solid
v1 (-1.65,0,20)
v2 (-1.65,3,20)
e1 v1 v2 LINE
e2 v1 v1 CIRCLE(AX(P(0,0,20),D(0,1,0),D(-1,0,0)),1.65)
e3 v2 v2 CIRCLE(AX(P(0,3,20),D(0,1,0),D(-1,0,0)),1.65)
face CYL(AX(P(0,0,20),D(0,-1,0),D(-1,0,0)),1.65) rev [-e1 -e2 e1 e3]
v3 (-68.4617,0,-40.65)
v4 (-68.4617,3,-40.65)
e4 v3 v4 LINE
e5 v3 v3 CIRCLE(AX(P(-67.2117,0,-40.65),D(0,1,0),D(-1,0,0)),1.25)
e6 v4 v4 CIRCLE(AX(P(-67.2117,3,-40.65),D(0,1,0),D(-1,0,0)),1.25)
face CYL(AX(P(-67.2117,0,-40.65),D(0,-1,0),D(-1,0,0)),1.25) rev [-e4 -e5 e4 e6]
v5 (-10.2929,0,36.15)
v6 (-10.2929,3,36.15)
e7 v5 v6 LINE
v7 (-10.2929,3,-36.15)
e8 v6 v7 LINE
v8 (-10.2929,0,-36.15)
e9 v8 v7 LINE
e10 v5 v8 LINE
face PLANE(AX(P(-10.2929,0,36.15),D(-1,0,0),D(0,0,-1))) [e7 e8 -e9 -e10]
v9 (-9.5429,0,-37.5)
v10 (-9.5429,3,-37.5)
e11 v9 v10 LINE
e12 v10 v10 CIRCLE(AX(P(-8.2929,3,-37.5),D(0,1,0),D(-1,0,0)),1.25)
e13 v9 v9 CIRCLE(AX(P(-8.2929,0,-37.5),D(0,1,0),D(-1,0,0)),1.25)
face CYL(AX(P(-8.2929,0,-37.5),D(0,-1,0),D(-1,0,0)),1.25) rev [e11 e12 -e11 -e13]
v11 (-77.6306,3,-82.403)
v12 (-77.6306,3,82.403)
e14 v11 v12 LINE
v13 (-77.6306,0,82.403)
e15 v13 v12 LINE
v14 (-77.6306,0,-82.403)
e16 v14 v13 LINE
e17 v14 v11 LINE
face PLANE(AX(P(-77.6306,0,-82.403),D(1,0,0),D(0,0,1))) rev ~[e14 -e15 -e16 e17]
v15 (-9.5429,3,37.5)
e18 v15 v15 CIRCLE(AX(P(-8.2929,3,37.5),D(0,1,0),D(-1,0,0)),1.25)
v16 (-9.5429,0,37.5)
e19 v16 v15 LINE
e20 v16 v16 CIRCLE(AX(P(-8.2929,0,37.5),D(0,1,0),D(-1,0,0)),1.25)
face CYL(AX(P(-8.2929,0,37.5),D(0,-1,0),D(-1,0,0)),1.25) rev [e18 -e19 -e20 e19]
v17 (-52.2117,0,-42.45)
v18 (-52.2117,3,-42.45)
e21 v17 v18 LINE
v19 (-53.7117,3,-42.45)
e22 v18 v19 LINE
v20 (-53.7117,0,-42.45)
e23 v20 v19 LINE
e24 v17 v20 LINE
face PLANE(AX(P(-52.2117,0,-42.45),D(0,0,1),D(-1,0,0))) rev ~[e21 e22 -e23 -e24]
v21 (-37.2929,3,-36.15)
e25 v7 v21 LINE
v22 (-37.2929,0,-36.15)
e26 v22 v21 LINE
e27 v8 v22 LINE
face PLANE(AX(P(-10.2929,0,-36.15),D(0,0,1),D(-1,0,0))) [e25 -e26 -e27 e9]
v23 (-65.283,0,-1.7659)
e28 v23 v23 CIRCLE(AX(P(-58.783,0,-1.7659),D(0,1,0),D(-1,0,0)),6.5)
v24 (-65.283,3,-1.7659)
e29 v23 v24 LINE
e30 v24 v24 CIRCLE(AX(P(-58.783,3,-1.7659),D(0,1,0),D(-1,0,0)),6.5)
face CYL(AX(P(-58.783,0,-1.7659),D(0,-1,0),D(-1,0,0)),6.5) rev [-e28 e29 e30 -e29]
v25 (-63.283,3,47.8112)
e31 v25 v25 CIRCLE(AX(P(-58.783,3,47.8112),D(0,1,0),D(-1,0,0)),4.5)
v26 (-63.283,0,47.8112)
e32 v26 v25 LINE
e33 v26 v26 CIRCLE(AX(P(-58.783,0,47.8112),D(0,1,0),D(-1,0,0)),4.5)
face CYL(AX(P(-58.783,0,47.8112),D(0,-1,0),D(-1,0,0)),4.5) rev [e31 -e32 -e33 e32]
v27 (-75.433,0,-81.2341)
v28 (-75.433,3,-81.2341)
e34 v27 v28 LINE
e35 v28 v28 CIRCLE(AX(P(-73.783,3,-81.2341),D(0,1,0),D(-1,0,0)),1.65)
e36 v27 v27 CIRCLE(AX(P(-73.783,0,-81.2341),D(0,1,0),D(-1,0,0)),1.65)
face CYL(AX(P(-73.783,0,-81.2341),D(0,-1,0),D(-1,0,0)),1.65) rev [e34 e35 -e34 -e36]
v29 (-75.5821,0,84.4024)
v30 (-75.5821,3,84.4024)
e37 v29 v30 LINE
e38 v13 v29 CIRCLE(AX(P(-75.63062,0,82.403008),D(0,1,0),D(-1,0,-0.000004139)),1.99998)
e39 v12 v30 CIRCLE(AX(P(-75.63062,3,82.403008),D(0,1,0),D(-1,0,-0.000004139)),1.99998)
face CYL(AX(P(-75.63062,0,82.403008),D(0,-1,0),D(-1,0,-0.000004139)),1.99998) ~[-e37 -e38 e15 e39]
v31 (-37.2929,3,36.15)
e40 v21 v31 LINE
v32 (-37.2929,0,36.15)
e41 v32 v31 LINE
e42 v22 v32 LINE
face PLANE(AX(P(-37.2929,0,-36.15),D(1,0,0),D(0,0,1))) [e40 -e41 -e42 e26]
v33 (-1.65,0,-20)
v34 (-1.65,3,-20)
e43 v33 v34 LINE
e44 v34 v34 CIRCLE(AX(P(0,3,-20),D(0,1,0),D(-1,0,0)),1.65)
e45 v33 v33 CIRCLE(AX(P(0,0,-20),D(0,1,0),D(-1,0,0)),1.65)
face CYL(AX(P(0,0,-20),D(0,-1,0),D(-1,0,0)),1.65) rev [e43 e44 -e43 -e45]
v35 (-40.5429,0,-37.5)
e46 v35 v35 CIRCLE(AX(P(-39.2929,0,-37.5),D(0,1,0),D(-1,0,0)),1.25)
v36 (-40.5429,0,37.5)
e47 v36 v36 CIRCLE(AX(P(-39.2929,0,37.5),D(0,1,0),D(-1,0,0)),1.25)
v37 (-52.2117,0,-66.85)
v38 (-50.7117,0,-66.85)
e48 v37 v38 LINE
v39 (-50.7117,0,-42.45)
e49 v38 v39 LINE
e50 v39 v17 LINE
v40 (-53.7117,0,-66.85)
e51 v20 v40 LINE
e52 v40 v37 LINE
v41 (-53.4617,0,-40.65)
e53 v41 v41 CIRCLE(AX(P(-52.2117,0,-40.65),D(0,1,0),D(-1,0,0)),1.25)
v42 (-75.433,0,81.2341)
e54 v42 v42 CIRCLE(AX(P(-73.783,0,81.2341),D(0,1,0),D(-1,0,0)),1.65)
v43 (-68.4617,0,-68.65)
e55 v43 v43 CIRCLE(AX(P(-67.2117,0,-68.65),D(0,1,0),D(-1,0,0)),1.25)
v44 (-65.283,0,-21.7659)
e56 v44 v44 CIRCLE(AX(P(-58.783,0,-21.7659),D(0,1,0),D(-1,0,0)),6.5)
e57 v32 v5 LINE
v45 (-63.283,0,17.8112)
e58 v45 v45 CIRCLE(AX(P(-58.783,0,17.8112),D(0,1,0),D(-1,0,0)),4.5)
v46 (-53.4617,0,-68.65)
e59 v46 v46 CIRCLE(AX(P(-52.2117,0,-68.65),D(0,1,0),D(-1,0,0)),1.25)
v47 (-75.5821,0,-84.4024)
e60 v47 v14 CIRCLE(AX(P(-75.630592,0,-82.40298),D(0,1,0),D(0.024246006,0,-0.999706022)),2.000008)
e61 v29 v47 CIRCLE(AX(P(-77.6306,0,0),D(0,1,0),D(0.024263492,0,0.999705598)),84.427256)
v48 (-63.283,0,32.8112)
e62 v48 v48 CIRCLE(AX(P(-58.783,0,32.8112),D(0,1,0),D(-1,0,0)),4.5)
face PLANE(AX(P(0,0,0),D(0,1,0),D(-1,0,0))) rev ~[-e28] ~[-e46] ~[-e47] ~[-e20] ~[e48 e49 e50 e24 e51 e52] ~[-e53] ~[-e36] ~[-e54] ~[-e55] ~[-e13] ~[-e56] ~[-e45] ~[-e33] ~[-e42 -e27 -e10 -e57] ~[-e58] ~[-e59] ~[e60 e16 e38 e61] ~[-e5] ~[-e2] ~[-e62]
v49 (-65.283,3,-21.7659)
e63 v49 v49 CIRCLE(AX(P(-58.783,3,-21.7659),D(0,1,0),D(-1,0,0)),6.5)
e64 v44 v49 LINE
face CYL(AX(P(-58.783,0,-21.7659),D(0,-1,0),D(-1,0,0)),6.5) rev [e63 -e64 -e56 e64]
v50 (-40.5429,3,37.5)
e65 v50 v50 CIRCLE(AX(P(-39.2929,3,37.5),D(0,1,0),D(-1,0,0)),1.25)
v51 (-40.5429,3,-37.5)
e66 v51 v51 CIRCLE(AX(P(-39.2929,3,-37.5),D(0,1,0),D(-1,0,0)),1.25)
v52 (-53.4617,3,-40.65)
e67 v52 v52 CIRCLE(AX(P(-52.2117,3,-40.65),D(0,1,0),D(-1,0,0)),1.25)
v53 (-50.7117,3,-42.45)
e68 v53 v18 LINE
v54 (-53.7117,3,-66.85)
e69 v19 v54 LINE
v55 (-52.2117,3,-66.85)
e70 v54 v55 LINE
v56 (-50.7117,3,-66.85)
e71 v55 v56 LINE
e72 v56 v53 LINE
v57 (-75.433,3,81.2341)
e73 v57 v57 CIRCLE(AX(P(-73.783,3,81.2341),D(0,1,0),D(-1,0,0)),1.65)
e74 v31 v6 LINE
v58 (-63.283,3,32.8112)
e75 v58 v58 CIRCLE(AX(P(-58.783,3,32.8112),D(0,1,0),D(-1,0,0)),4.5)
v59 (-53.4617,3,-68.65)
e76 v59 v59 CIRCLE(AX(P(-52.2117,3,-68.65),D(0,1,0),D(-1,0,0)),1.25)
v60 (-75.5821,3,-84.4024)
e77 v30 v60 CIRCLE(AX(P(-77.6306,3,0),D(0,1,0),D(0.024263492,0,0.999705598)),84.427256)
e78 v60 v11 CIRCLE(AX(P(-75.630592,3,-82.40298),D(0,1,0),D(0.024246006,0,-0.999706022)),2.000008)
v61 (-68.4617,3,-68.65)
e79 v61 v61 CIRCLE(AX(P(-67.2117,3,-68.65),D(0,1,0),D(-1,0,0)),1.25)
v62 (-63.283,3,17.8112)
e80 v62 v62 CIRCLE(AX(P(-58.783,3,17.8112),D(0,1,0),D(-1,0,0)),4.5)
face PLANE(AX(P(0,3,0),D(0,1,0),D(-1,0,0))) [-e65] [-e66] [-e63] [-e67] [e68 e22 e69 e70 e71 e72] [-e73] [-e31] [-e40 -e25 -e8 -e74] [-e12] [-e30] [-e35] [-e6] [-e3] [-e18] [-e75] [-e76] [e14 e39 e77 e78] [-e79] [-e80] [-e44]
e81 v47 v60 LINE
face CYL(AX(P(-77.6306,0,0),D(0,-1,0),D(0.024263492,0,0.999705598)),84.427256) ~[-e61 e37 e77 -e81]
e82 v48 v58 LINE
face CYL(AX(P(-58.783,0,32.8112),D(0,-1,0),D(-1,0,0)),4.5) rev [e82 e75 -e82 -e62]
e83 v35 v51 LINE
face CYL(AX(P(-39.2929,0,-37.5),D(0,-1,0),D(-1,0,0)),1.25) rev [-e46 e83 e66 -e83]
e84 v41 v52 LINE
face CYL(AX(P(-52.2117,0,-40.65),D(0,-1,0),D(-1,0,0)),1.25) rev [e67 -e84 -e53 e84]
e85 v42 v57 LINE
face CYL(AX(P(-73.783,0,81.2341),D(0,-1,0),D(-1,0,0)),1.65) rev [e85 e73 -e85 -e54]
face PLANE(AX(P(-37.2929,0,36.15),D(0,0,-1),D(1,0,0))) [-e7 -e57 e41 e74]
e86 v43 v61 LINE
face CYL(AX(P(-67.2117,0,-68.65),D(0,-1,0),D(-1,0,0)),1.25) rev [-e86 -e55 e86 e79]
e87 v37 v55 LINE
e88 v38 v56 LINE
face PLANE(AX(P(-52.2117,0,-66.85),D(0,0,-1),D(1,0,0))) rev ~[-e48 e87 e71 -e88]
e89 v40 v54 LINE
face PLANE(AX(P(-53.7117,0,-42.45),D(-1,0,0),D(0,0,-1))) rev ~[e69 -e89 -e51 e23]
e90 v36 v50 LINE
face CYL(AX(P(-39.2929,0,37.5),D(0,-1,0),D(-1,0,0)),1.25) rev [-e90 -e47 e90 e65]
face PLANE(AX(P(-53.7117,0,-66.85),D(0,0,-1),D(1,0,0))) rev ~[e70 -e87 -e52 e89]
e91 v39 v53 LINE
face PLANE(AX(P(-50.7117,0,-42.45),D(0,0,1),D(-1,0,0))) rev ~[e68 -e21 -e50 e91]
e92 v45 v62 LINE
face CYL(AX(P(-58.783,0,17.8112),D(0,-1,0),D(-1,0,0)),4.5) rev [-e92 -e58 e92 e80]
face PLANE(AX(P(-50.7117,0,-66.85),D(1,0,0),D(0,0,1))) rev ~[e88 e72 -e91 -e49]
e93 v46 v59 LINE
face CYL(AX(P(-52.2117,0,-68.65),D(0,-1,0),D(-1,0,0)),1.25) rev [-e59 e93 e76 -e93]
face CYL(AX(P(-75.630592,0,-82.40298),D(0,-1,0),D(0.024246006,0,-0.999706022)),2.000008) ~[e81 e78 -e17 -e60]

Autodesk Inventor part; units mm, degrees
ref_plane "YZ Plane" through (0, 0, 0) normal (1, 0, 0) x (0, 1, 0)
ref_plane "XZ Plane" through (0, 0, 0) normal (0, 1, 0) x (-1, 0, 0)
ref_plane "XY Plane" through (0, 0, 0) normal (0, 0, 1) x (1, 0, 0)
sketch "Sketch1" plane through (0, 0, 0) normal (0, 1, 0) x (-1, 0, 0)
  circle A0 centre (0, 20) radius 1.65
  circle A1 centre (0, -20) radius 1.65
  line L0 (77.6306, -82.403) -> (77.6306, 82.403)
  arc A2 (75.5821, 84.4024) -> (75.5821, -84.4024) centre (77.6306, 0) ccw
  arc A3 (75.5821, -84.4024) -> (77.6306, -82.403) centre (75.6306, -82.403) ccw
  arc A4 (77.6306, 82.403) -> (75.5821, 84.4024) centre (75.6306, 82.403) ccw
  circle A5 centre (73.783, 81.2341) radius 1.65
  circle A6 centre (73.783, -81.2341) radius 1.65
  arc A7 (75.5821, -84.4024) -> (77.6306, -82.403) centre (75.6306, -82.403) ccw
  arc A8 (75.5821, 84.4024) -> (75.5821, -84.4024) centre (77.6306, 0) ccw
  arc A9 (77.6306, 82.403) -> (75.5821, 84.4024) centre (75.6306, 82.403) ccw
  line L1 (77.6306, 82.403) -> (77.6306, -82.403)
  circle A10 centre (73.783, -81.2341) radius 1.65
  circle A11 centre (73.783, 81.2341) radius 1.65
  circle A12 centre (0, -20) radius 1.65
  circle A13 centre (0, 20) radius 1.65
  arc A14 (75.5821, -84.4024) -> (77.6306, -82.403) centre (75.6306, -82.403) ccw
  arc A15 (75.5821, 84.4024) -> (75.5821, -84.4024) centre (77.6306, 0) ccw
  arc A16 (77.6306, 82.403) -> (75.5821, 84.4024) centre (75.6306, 82.403) ccw
  line L2 (77.6306, 82.403) -> (77.6306, -82.403)
  circle A17 centre (73.783, -81.2341) radius 1.65
  circle A18 centre (73.783, 81.2341) radius 1.65
  circle A19 centre (0, -20) radius 1.65
  circle A20 centre (0, 20) radius 1.65
  arc A21 (75.5821, -84.4024) -> (77.6306, -82.403) centre (75.6306, -82.403) ccw
  arc A22 (75.5821, 84.4024) -> (75.5821, -84.4024) centre (77.6306, 0) ccw
  arc A23 (77.6306, 82.403) -> (75.5821, 84.4024) centre (75.6306, 82.403) ccw
  line L3 (77.6306, 82.403) -> (77.6306, -82.403)
  circle A24 centre (73.783, -81.2341) radius 1.65
  circle A25 centre (73.783, 81.2341) radius 1.65
  circle A26 centre (0, -20) radius 1.65
  circle A27 centre (0, 20) radius 1.65
  line L4 (52.2117, -66.85) -> (50.7117, -66.85)
  line L5 (50.7117, -66.85) -> (50.7117, -42.45)
  line L6 (50.7117, -42.45) -> (52.2117, -42.45)
  line L7 (52.2117, -42.45) -> (53.7117, -42.45)
  line L8 (53.7117, -42.45) -> (53.7117, -66.85)
  line L9 (53.7117, -66.85) -> (52.2117, -66.85)
  circle A28 centre (52.2117, -68.65) radius 1.25
  circle A29 centre (67.2117, -68.65) radius 1.25
  circle A30 centre (52.2117, -40.65) radius 1.25
  circle A31 centre (67.2117, -40.65) radius 1.25
  arc A32 (75.5821, -84.4024) -> (77.6306, -82.403) centre (75.6306, -82.403) ccw
  arc A33 (75.5821, 84.4024) -> (75.5821, -84.4024) centre (77.6306, 0) ccw
  arc A34 (77.6306, 82.403) -> (75.5821, 84.4024) centre (75.6306, 82.403) ccw
  line L10 (77.6306, 82.403) -> (77.6306, -82.403)
  circle A35 centre (73.783, -81.2341) radius 1.65
  circle A36 centre (73.783, 81.2341) radius 1.65
  circle A37 centre (0, -20) radius 1.65
  circle A38 centre (0, 20) radius 1.65
  circle A39 centre (39.2929, 37.5) radius 1.25
  circle A40 centre (8.2929, 37.5) radius 1.25
  circle A41 centre (39.2929, -37.5) radius 1.25
  circle A42 centre (8.2929, -37.5) radius 1.25
  line L11 (37.2929, 36.15) -> (10.2929, 36.15)
  line L12 (10.2929, 36.15) -> (10.2929, -36.15)
  line L13 (10.2929, -36.15) -> (37.2929, -36.15)
  line L14 (37.2929, -36.15) -> (37.2929, 36.15)
  line L15 (52.2117, -66.85) -> (50.7117, -66.85)
  line L16 (50.7117, -66.85) -> (50.7117, -42.45)
  line L17 (50.7117, -42.45) -> (52.2117, -42.45)
  line L18 (52.2117, -42.45) -> (53.7117, -42.45)
  line L19 (53.7117, -42.45) -> (53.7117, -66.85)
  line L20 (53.7117, -66.85) -> (52.2117, -66.85)
  circle A43 centre (52.2117, -68.65) radius 1.25
  circle A44 centre (67.2117, -68.65) radius 1.25
  circle A45 centre (52.2117, -40.65) radius 1.25
  circle A46 centre (67.2117, -40.65) radius 1.25
  arc A47 (75.5821, -84.4024) -> (77.6306, -82.403) centre (75.6306, -82.403) ccw
  arc A48 (75.5821, 84.4024) -> (75.5821, -84.4024) centre (77.6306, 0) ccw
  arc A49 (77.6306, 82.403) -> (75.5821, 84.4024) centre (75.6306, 82.403) ccw
  line L21 (77.6306, 82.403) -> (77.6306, -82.403)
  circle A50 centre (73.783, -81.2341) radius 1.65
  circle A51 centre (73.783, 81.2341) radius 1.65
  circle A52 centre (0, -20) radius 1.65
  circle A53 centre (0, 20) radius 1.65
  circle A54 centre (39.2929, 37.5) radius 1.25
  circle A55 centre (8.2929, 37.5) radius 1.25
  circle A56 centre (39.2929, -37.5) radius 1.25
  circle A57 centre (8.2929, -37.5) radius 1.25
  line L22 (37.2929, 36.15) -> (10.2929, 36.15)
  line L23 (10.2929, 36.15) -> (10.2929, -36.15)
  line L24 (10.2929, -36.15) -> (37.2929, -36.15)
  line L25 (37.2929, -36.15) -> (37.2929, 36.15)
  circle A58 centre (58.783, -1.7659) radius 6.5
  circle A59 centre (58.783, 47.8112) radius 4.5
  circle A60 centre (58.783, 32.8112) radius 4.5
  circle A61 centre (58.783, 17.8112) radius 4.5
  circle A62 centre (58.783, -21.7659) radius 6.5
  line L26 (52.2117, -66.85) -> (50.7117, -66.85)
  line L27 (50.7117, -66.85) -> (50.7117, -42.45)
  line L28 (50.7117, -42.45) -> (52.2117, -42.45)
  line L29 (52.2117, -42.45) -> (53.7117, -42.45)
  line L30 (53.7117, -42.45) -> (53.7117, -66.85)
  line L31 (53.7117, -66.85) -> (52.2117, -66.85)
  circle A63 centre (52.2117, -68.65) radius 1.25
  circle A64 centre (67.2117, -68.65) radius 1.25
  circle A65 centre (52.2117, -40.65) radius 1.25
  circle A66 centre (67.2117, -40.65) radius 1.25
  point P0 (0, 0)
  dimension "d1" = 3.3
  dimension "d3" = 3.3
  dimension "d11" = 2
  dimension "d16" = 3.3
  dimension "d17" = 3.3
extrude "Extrusion6" add sketch "Sketch1" along normal blind 3
properties part number "Top Plate" material "Acrylic"
